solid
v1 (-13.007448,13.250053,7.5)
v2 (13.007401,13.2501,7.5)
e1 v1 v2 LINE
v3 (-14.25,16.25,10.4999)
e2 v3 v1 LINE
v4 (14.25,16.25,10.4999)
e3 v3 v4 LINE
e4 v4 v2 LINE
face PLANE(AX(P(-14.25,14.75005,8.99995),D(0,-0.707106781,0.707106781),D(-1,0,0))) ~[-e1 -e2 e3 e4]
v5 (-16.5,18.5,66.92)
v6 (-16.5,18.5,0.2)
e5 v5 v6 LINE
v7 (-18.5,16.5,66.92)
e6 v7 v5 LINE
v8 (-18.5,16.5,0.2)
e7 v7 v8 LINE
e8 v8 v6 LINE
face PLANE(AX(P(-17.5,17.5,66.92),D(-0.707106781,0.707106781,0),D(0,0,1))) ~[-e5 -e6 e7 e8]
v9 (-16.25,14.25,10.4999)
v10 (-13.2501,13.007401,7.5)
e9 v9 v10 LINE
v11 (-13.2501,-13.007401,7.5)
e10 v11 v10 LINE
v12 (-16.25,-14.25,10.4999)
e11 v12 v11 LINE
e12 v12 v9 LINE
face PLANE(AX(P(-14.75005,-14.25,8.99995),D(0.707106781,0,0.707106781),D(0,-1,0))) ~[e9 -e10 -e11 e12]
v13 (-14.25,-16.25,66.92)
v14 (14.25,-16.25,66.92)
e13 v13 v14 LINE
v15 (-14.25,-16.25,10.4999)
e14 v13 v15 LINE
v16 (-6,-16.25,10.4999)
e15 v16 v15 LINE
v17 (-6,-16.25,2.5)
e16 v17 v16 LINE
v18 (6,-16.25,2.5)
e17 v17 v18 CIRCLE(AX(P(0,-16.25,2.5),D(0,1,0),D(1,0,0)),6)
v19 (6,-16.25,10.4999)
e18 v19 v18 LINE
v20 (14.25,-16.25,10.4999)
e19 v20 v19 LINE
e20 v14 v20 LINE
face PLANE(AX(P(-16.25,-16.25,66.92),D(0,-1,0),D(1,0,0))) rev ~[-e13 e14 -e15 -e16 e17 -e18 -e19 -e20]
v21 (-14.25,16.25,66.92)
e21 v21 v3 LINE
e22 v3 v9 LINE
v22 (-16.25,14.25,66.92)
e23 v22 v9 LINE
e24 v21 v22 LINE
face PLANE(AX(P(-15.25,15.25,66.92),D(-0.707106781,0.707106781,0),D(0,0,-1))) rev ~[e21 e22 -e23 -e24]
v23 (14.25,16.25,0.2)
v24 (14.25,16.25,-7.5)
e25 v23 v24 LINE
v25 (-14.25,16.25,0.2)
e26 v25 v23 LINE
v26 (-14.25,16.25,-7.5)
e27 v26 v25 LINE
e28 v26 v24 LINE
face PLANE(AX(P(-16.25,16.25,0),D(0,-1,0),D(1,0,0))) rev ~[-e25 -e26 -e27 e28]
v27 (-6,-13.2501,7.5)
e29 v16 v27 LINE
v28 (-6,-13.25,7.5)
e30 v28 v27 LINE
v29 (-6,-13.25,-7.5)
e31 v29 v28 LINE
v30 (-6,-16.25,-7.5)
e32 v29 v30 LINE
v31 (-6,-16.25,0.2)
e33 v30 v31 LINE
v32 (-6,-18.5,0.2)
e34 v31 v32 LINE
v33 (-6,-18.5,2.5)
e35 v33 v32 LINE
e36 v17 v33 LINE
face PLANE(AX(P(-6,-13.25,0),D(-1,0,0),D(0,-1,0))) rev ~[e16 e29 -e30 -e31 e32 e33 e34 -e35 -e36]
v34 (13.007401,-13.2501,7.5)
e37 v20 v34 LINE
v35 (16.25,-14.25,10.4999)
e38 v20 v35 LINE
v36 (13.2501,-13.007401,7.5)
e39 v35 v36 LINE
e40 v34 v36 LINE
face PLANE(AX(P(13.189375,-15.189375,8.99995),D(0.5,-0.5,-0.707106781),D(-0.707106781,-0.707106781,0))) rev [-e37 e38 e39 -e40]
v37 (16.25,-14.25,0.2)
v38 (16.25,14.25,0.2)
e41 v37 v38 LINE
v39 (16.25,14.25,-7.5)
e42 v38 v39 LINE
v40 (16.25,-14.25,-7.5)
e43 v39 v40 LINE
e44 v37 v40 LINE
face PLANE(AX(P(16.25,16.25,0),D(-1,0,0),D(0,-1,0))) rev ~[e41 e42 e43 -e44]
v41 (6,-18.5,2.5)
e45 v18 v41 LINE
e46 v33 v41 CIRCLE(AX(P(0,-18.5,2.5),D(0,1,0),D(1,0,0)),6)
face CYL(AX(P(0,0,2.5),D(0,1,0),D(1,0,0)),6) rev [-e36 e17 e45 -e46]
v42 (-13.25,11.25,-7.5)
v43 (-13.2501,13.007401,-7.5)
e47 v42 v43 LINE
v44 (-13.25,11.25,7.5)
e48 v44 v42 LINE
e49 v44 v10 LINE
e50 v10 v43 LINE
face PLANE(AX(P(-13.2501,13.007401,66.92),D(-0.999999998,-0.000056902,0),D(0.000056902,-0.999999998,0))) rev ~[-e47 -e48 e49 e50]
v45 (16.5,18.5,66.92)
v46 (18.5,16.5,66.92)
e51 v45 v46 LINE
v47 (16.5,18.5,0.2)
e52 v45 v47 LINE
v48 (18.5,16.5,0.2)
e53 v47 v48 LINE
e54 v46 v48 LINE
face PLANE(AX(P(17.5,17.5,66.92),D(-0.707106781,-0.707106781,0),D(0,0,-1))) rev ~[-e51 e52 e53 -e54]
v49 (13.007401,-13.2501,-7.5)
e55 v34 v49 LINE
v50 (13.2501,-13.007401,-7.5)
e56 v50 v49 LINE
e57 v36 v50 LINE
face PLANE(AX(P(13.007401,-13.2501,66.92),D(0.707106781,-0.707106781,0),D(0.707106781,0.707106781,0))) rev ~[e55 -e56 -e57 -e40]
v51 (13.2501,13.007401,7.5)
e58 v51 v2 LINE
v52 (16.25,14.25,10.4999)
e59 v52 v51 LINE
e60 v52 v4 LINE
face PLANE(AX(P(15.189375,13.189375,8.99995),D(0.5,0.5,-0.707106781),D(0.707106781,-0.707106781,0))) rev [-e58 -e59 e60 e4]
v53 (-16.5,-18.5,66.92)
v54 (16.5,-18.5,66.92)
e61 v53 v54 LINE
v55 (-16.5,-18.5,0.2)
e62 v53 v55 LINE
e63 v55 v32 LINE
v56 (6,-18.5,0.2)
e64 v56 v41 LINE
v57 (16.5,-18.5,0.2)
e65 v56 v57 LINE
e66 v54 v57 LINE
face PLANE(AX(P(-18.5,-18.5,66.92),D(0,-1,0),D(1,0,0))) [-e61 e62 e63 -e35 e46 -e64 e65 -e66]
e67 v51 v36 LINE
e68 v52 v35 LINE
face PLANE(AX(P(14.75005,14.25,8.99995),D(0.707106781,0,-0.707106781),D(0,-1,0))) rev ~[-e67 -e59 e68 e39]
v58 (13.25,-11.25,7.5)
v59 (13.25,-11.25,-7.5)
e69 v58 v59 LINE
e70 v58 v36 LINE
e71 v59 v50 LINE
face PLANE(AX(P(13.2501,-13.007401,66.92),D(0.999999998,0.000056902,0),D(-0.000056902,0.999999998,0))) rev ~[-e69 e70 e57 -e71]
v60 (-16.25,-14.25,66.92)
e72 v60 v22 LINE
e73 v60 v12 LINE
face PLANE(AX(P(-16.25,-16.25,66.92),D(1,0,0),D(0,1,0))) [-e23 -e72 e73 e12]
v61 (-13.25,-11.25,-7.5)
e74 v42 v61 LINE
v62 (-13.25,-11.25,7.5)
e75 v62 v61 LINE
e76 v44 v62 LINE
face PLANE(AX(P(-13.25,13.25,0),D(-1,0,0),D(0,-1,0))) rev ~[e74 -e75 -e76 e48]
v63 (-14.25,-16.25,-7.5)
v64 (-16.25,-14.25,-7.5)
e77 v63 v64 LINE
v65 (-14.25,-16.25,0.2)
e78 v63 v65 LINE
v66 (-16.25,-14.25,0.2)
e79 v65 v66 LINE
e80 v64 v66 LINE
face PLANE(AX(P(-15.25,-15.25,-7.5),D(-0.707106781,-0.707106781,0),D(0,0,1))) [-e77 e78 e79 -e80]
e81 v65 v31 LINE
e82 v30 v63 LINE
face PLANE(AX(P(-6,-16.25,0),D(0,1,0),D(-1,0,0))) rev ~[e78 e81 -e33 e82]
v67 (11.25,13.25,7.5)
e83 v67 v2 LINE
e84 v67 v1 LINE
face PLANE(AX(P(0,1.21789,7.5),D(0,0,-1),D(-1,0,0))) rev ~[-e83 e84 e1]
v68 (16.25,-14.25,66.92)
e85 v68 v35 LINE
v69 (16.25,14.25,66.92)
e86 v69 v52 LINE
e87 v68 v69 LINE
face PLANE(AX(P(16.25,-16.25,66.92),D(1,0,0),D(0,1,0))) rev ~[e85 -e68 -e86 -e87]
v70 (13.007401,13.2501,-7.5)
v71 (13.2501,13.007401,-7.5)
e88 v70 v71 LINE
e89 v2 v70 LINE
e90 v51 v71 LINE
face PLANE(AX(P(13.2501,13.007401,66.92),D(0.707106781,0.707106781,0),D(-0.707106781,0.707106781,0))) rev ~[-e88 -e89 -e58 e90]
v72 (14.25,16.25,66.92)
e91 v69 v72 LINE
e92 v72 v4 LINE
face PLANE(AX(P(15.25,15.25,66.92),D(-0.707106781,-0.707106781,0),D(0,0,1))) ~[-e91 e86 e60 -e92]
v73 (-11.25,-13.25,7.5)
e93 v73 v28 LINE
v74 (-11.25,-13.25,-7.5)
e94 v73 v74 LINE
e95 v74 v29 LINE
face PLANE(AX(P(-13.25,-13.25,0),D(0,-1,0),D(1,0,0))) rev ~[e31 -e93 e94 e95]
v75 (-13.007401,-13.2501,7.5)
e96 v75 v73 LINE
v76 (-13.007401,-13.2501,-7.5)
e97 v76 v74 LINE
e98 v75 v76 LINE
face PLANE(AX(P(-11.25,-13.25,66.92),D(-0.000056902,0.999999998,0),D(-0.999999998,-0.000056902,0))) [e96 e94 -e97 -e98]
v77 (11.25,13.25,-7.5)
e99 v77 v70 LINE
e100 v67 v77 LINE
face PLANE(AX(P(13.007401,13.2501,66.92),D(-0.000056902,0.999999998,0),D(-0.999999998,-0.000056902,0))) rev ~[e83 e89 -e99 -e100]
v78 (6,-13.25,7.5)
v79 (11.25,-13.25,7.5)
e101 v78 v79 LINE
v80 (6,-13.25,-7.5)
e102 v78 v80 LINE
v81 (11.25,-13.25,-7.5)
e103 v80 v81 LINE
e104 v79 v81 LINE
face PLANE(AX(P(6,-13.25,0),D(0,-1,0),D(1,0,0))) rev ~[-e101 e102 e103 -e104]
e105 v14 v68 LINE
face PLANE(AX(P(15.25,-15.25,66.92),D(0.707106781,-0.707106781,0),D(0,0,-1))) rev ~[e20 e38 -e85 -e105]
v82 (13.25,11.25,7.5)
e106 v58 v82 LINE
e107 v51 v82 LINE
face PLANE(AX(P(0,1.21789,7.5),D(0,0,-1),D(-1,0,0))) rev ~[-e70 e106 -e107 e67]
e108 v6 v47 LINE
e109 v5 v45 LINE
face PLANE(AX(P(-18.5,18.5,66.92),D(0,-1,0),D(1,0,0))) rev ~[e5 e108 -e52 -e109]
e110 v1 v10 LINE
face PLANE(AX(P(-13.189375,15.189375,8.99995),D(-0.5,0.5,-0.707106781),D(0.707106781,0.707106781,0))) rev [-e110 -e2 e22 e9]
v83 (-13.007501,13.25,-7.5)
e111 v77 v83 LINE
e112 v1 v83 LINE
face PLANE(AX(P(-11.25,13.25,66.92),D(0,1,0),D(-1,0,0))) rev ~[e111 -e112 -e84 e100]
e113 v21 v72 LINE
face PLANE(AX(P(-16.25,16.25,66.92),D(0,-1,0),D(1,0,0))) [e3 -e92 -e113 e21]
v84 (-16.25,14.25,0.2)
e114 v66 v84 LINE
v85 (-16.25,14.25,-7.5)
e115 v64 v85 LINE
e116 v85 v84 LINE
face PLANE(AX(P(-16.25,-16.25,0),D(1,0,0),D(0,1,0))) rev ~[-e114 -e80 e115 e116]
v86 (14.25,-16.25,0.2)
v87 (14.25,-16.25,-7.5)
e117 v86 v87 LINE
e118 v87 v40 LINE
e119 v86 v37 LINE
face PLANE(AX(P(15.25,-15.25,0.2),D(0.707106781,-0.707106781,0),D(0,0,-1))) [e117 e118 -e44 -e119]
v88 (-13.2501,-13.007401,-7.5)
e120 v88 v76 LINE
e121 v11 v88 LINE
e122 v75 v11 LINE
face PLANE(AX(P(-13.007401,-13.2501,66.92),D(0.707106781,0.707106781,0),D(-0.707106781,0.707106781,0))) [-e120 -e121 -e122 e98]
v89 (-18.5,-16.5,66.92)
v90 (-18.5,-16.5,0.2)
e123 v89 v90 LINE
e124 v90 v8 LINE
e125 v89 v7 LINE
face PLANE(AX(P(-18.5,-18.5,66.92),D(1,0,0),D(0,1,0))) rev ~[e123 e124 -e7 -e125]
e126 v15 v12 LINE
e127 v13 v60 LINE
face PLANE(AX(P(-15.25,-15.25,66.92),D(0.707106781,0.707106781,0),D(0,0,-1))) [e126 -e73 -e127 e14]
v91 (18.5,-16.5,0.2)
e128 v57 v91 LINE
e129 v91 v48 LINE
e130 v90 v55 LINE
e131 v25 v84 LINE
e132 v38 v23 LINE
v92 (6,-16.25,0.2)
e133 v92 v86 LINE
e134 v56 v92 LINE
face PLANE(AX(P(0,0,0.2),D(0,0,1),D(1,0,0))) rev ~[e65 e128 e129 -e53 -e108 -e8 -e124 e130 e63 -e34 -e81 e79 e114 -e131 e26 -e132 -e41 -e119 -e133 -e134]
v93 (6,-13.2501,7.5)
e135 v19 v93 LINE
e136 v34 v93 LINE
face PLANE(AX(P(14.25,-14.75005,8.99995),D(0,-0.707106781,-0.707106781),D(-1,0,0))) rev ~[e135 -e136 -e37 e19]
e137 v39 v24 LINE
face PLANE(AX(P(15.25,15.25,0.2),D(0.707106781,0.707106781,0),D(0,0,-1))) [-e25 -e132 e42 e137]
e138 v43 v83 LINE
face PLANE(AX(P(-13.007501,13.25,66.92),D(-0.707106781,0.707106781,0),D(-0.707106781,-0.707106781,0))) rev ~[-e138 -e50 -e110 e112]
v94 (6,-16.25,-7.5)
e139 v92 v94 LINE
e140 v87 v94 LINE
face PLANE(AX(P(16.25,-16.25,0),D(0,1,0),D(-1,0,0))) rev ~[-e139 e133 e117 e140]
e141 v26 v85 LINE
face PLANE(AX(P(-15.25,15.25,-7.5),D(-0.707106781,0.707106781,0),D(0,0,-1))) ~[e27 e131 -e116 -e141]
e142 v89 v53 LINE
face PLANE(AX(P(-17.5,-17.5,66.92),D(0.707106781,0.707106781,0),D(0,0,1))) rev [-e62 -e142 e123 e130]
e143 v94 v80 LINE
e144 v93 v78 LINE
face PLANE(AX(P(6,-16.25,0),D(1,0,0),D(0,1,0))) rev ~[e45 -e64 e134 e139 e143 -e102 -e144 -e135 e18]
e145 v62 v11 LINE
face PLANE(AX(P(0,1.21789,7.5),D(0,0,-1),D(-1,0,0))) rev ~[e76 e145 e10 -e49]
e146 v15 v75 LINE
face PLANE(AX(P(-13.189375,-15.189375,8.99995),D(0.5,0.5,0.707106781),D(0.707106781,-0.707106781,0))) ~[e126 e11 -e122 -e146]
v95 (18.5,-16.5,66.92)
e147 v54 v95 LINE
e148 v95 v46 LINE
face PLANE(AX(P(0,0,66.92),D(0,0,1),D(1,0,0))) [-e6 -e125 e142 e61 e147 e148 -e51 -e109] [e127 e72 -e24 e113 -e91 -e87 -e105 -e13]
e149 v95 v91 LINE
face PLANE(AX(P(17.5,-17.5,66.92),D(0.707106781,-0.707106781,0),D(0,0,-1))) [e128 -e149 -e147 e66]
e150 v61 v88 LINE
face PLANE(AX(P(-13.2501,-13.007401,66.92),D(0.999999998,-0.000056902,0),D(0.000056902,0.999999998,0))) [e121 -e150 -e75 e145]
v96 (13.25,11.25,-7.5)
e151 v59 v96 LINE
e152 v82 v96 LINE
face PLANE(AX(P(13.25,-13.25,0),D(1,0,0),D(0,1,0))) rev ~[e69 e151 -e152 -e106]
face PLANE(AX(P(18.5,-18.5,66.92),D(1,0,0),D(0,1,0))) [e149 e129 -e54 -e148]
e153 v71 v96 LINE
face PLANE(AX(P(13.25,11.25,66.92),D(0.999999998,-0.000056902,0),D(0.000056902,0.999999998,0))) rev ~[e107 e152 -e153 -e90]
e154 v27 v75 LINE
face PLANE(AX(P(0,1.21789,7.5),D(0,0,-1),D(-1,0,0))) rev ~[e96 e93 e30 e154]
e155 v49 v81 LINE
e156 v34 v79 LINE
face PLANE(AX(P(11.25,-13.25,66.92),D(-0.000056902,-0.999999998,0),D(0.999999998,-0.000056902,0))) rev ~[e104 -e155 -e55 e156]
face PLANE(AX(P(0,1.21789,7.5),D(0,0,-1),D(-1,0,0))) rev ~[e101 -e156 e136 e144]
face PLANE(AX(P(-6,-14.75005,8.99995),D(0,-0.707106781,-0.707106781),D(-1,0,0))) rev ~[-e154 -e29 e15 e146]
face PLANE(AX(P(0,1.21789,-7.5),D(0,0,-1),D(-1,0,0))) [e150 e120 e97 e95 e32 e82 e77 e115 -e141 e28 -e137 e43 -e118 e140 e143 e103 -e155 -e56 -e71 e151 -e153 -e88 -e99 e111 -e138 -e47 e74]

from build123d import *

# Parameters (mm, degrees)
PAD003_DEPTH    = 7.5
SKETCH007_W     = 37
SKETCH007_H     = 37
SKETCH007_W_2   = 32.5
SKETCH007_H_2   = 32.5
PAD004_DEPTH    = 66.72
CHAMFER_SIZE    = 2
CHAMFER001_SIZE = 2.9999
POCKET_DEPTH    = 74.421
POCKET001_DEPTH = 18.501


with BuildPart() as part:
    # Sketch006 → Pad003 (new body, symmetric)
    with BuildSketch(Plane.XY):
        Polygon((-16.25, 16.25), (16.25, 16.25), (16.25, -16.25), (6, -16.25), (6, -13.25), (13.25, -13.25), (13.25, 13.25), (-13.25, 13.25), (-13.25, -13.25), (-6, -13.25), (-6, -16.25), (-16.25, -16.25), align=None)
    extrude(amount=PAD003_DEPTH, both=True)

    # Sketch007 (on DatumPlane) → Pad004 (join)
    with BuildSketch(Plane.XY.offset(66.92)):
        Rectangle(SKETCH007_W, SKETCH007_H)
        Rectangle(SKETCH007_W_2, SKETCH007_H_2, mode=Mode.SUBTRACT)
    extrude(amount=-PAD004_DEPTH)

    # Chamfer
    chamfer_edges = [part.edges().sort_by_distance(p)[0] for p in [
        (18.5, -18.5, 33.56),
        (-18.5, -18.5, 33.56),
        (-18.5, 18.5, 33.56),
        (18.5, 18.5, 33.56),
        (-16.25, -16.25, 37.21),
        (16.25, 16.25, 37.21),
        (16.25, -16.25, 37.21),
        (-16.25, 16.25, 37.21),
        (-13.25, 13.25, 0),
        (13.25, 13.25, 0),
        (13.25, -13.25, 0),
        (-13.25, -13.25, 0),
        (16.25, -16.25, -3.65),
        (-16.25, -16.25, -3.65),
        (-16.25, 16.25, -3.65),
        (16.25, 16.25, -3.65),
    ]]
    chamfer(chamfer_edges, length=CHAMFER_SIZE)

    # Chamfer001
    chamfer001_edges = [part.edges().sort_by_distance(p)[0] for p in [
        (-16.25, 0, 7.5),
        (-15.25, 15.25, 7.5),
        (0, 16.25, 7.5),
        (15.25, 15.25, 7.5),
        (16.25, 0, 7.5),
        (15.25, -15.25, 7.5),
        (10.125, -16.25, 7.5),
        (-15.25, -15.25, 7.5),
        (-10.125, -16.25, 7.5),
    ]]
    chamfer(chamfer001_edges, length=CHAMFER001_SIZE)

    # Sketch (on DatumPlane) → Pocket (cut, through all)
    with BuildSketch(Plane.XY.offset(66.92)):
        Polygon((-13.2501, -13.007401), (-13.25, -11.25), (-11.25, -13.25), (-13.007401, -13.2501), align=None)
        Polygon((11.25, -13.25), (13.007401, -13.2501), (13.2501, -13.007401), (13.25, -11.25), align=None)
        Polygon((-13.25, 11.25), (-11.25, 13.25), (-13.007501, 13.25), (-13.2501, 13.007401), align=None)
        Polygon((11.25, 13.25), (13.25, 11.25), (13.2501, 13.007401), (13.007401, 13.2501), align=None)
    extrude(amount=-POCKET_DEPTH, mode=Mode.SUBTRACT)

    # Sketch008 → Pocket001 (cut, through all)
    with BuildSketch(Plane(origin=(0, 0, -17.5), x_dir=(-1, 0, 0), z_dir=(0, -1, 0))):
        with BuildLine():
            Line((-6, -10), (6, -10))
            Line((6, -10), (6, -20))
            ThreePointArc((-6, -20), (0, -26), (6, -20))
            Line((-6, -20), (-6, -10))
        make_face()
    extrude(amount=POCKET001_DEPTH, mode=Mode.SUBTRACT)


solid = part.part
